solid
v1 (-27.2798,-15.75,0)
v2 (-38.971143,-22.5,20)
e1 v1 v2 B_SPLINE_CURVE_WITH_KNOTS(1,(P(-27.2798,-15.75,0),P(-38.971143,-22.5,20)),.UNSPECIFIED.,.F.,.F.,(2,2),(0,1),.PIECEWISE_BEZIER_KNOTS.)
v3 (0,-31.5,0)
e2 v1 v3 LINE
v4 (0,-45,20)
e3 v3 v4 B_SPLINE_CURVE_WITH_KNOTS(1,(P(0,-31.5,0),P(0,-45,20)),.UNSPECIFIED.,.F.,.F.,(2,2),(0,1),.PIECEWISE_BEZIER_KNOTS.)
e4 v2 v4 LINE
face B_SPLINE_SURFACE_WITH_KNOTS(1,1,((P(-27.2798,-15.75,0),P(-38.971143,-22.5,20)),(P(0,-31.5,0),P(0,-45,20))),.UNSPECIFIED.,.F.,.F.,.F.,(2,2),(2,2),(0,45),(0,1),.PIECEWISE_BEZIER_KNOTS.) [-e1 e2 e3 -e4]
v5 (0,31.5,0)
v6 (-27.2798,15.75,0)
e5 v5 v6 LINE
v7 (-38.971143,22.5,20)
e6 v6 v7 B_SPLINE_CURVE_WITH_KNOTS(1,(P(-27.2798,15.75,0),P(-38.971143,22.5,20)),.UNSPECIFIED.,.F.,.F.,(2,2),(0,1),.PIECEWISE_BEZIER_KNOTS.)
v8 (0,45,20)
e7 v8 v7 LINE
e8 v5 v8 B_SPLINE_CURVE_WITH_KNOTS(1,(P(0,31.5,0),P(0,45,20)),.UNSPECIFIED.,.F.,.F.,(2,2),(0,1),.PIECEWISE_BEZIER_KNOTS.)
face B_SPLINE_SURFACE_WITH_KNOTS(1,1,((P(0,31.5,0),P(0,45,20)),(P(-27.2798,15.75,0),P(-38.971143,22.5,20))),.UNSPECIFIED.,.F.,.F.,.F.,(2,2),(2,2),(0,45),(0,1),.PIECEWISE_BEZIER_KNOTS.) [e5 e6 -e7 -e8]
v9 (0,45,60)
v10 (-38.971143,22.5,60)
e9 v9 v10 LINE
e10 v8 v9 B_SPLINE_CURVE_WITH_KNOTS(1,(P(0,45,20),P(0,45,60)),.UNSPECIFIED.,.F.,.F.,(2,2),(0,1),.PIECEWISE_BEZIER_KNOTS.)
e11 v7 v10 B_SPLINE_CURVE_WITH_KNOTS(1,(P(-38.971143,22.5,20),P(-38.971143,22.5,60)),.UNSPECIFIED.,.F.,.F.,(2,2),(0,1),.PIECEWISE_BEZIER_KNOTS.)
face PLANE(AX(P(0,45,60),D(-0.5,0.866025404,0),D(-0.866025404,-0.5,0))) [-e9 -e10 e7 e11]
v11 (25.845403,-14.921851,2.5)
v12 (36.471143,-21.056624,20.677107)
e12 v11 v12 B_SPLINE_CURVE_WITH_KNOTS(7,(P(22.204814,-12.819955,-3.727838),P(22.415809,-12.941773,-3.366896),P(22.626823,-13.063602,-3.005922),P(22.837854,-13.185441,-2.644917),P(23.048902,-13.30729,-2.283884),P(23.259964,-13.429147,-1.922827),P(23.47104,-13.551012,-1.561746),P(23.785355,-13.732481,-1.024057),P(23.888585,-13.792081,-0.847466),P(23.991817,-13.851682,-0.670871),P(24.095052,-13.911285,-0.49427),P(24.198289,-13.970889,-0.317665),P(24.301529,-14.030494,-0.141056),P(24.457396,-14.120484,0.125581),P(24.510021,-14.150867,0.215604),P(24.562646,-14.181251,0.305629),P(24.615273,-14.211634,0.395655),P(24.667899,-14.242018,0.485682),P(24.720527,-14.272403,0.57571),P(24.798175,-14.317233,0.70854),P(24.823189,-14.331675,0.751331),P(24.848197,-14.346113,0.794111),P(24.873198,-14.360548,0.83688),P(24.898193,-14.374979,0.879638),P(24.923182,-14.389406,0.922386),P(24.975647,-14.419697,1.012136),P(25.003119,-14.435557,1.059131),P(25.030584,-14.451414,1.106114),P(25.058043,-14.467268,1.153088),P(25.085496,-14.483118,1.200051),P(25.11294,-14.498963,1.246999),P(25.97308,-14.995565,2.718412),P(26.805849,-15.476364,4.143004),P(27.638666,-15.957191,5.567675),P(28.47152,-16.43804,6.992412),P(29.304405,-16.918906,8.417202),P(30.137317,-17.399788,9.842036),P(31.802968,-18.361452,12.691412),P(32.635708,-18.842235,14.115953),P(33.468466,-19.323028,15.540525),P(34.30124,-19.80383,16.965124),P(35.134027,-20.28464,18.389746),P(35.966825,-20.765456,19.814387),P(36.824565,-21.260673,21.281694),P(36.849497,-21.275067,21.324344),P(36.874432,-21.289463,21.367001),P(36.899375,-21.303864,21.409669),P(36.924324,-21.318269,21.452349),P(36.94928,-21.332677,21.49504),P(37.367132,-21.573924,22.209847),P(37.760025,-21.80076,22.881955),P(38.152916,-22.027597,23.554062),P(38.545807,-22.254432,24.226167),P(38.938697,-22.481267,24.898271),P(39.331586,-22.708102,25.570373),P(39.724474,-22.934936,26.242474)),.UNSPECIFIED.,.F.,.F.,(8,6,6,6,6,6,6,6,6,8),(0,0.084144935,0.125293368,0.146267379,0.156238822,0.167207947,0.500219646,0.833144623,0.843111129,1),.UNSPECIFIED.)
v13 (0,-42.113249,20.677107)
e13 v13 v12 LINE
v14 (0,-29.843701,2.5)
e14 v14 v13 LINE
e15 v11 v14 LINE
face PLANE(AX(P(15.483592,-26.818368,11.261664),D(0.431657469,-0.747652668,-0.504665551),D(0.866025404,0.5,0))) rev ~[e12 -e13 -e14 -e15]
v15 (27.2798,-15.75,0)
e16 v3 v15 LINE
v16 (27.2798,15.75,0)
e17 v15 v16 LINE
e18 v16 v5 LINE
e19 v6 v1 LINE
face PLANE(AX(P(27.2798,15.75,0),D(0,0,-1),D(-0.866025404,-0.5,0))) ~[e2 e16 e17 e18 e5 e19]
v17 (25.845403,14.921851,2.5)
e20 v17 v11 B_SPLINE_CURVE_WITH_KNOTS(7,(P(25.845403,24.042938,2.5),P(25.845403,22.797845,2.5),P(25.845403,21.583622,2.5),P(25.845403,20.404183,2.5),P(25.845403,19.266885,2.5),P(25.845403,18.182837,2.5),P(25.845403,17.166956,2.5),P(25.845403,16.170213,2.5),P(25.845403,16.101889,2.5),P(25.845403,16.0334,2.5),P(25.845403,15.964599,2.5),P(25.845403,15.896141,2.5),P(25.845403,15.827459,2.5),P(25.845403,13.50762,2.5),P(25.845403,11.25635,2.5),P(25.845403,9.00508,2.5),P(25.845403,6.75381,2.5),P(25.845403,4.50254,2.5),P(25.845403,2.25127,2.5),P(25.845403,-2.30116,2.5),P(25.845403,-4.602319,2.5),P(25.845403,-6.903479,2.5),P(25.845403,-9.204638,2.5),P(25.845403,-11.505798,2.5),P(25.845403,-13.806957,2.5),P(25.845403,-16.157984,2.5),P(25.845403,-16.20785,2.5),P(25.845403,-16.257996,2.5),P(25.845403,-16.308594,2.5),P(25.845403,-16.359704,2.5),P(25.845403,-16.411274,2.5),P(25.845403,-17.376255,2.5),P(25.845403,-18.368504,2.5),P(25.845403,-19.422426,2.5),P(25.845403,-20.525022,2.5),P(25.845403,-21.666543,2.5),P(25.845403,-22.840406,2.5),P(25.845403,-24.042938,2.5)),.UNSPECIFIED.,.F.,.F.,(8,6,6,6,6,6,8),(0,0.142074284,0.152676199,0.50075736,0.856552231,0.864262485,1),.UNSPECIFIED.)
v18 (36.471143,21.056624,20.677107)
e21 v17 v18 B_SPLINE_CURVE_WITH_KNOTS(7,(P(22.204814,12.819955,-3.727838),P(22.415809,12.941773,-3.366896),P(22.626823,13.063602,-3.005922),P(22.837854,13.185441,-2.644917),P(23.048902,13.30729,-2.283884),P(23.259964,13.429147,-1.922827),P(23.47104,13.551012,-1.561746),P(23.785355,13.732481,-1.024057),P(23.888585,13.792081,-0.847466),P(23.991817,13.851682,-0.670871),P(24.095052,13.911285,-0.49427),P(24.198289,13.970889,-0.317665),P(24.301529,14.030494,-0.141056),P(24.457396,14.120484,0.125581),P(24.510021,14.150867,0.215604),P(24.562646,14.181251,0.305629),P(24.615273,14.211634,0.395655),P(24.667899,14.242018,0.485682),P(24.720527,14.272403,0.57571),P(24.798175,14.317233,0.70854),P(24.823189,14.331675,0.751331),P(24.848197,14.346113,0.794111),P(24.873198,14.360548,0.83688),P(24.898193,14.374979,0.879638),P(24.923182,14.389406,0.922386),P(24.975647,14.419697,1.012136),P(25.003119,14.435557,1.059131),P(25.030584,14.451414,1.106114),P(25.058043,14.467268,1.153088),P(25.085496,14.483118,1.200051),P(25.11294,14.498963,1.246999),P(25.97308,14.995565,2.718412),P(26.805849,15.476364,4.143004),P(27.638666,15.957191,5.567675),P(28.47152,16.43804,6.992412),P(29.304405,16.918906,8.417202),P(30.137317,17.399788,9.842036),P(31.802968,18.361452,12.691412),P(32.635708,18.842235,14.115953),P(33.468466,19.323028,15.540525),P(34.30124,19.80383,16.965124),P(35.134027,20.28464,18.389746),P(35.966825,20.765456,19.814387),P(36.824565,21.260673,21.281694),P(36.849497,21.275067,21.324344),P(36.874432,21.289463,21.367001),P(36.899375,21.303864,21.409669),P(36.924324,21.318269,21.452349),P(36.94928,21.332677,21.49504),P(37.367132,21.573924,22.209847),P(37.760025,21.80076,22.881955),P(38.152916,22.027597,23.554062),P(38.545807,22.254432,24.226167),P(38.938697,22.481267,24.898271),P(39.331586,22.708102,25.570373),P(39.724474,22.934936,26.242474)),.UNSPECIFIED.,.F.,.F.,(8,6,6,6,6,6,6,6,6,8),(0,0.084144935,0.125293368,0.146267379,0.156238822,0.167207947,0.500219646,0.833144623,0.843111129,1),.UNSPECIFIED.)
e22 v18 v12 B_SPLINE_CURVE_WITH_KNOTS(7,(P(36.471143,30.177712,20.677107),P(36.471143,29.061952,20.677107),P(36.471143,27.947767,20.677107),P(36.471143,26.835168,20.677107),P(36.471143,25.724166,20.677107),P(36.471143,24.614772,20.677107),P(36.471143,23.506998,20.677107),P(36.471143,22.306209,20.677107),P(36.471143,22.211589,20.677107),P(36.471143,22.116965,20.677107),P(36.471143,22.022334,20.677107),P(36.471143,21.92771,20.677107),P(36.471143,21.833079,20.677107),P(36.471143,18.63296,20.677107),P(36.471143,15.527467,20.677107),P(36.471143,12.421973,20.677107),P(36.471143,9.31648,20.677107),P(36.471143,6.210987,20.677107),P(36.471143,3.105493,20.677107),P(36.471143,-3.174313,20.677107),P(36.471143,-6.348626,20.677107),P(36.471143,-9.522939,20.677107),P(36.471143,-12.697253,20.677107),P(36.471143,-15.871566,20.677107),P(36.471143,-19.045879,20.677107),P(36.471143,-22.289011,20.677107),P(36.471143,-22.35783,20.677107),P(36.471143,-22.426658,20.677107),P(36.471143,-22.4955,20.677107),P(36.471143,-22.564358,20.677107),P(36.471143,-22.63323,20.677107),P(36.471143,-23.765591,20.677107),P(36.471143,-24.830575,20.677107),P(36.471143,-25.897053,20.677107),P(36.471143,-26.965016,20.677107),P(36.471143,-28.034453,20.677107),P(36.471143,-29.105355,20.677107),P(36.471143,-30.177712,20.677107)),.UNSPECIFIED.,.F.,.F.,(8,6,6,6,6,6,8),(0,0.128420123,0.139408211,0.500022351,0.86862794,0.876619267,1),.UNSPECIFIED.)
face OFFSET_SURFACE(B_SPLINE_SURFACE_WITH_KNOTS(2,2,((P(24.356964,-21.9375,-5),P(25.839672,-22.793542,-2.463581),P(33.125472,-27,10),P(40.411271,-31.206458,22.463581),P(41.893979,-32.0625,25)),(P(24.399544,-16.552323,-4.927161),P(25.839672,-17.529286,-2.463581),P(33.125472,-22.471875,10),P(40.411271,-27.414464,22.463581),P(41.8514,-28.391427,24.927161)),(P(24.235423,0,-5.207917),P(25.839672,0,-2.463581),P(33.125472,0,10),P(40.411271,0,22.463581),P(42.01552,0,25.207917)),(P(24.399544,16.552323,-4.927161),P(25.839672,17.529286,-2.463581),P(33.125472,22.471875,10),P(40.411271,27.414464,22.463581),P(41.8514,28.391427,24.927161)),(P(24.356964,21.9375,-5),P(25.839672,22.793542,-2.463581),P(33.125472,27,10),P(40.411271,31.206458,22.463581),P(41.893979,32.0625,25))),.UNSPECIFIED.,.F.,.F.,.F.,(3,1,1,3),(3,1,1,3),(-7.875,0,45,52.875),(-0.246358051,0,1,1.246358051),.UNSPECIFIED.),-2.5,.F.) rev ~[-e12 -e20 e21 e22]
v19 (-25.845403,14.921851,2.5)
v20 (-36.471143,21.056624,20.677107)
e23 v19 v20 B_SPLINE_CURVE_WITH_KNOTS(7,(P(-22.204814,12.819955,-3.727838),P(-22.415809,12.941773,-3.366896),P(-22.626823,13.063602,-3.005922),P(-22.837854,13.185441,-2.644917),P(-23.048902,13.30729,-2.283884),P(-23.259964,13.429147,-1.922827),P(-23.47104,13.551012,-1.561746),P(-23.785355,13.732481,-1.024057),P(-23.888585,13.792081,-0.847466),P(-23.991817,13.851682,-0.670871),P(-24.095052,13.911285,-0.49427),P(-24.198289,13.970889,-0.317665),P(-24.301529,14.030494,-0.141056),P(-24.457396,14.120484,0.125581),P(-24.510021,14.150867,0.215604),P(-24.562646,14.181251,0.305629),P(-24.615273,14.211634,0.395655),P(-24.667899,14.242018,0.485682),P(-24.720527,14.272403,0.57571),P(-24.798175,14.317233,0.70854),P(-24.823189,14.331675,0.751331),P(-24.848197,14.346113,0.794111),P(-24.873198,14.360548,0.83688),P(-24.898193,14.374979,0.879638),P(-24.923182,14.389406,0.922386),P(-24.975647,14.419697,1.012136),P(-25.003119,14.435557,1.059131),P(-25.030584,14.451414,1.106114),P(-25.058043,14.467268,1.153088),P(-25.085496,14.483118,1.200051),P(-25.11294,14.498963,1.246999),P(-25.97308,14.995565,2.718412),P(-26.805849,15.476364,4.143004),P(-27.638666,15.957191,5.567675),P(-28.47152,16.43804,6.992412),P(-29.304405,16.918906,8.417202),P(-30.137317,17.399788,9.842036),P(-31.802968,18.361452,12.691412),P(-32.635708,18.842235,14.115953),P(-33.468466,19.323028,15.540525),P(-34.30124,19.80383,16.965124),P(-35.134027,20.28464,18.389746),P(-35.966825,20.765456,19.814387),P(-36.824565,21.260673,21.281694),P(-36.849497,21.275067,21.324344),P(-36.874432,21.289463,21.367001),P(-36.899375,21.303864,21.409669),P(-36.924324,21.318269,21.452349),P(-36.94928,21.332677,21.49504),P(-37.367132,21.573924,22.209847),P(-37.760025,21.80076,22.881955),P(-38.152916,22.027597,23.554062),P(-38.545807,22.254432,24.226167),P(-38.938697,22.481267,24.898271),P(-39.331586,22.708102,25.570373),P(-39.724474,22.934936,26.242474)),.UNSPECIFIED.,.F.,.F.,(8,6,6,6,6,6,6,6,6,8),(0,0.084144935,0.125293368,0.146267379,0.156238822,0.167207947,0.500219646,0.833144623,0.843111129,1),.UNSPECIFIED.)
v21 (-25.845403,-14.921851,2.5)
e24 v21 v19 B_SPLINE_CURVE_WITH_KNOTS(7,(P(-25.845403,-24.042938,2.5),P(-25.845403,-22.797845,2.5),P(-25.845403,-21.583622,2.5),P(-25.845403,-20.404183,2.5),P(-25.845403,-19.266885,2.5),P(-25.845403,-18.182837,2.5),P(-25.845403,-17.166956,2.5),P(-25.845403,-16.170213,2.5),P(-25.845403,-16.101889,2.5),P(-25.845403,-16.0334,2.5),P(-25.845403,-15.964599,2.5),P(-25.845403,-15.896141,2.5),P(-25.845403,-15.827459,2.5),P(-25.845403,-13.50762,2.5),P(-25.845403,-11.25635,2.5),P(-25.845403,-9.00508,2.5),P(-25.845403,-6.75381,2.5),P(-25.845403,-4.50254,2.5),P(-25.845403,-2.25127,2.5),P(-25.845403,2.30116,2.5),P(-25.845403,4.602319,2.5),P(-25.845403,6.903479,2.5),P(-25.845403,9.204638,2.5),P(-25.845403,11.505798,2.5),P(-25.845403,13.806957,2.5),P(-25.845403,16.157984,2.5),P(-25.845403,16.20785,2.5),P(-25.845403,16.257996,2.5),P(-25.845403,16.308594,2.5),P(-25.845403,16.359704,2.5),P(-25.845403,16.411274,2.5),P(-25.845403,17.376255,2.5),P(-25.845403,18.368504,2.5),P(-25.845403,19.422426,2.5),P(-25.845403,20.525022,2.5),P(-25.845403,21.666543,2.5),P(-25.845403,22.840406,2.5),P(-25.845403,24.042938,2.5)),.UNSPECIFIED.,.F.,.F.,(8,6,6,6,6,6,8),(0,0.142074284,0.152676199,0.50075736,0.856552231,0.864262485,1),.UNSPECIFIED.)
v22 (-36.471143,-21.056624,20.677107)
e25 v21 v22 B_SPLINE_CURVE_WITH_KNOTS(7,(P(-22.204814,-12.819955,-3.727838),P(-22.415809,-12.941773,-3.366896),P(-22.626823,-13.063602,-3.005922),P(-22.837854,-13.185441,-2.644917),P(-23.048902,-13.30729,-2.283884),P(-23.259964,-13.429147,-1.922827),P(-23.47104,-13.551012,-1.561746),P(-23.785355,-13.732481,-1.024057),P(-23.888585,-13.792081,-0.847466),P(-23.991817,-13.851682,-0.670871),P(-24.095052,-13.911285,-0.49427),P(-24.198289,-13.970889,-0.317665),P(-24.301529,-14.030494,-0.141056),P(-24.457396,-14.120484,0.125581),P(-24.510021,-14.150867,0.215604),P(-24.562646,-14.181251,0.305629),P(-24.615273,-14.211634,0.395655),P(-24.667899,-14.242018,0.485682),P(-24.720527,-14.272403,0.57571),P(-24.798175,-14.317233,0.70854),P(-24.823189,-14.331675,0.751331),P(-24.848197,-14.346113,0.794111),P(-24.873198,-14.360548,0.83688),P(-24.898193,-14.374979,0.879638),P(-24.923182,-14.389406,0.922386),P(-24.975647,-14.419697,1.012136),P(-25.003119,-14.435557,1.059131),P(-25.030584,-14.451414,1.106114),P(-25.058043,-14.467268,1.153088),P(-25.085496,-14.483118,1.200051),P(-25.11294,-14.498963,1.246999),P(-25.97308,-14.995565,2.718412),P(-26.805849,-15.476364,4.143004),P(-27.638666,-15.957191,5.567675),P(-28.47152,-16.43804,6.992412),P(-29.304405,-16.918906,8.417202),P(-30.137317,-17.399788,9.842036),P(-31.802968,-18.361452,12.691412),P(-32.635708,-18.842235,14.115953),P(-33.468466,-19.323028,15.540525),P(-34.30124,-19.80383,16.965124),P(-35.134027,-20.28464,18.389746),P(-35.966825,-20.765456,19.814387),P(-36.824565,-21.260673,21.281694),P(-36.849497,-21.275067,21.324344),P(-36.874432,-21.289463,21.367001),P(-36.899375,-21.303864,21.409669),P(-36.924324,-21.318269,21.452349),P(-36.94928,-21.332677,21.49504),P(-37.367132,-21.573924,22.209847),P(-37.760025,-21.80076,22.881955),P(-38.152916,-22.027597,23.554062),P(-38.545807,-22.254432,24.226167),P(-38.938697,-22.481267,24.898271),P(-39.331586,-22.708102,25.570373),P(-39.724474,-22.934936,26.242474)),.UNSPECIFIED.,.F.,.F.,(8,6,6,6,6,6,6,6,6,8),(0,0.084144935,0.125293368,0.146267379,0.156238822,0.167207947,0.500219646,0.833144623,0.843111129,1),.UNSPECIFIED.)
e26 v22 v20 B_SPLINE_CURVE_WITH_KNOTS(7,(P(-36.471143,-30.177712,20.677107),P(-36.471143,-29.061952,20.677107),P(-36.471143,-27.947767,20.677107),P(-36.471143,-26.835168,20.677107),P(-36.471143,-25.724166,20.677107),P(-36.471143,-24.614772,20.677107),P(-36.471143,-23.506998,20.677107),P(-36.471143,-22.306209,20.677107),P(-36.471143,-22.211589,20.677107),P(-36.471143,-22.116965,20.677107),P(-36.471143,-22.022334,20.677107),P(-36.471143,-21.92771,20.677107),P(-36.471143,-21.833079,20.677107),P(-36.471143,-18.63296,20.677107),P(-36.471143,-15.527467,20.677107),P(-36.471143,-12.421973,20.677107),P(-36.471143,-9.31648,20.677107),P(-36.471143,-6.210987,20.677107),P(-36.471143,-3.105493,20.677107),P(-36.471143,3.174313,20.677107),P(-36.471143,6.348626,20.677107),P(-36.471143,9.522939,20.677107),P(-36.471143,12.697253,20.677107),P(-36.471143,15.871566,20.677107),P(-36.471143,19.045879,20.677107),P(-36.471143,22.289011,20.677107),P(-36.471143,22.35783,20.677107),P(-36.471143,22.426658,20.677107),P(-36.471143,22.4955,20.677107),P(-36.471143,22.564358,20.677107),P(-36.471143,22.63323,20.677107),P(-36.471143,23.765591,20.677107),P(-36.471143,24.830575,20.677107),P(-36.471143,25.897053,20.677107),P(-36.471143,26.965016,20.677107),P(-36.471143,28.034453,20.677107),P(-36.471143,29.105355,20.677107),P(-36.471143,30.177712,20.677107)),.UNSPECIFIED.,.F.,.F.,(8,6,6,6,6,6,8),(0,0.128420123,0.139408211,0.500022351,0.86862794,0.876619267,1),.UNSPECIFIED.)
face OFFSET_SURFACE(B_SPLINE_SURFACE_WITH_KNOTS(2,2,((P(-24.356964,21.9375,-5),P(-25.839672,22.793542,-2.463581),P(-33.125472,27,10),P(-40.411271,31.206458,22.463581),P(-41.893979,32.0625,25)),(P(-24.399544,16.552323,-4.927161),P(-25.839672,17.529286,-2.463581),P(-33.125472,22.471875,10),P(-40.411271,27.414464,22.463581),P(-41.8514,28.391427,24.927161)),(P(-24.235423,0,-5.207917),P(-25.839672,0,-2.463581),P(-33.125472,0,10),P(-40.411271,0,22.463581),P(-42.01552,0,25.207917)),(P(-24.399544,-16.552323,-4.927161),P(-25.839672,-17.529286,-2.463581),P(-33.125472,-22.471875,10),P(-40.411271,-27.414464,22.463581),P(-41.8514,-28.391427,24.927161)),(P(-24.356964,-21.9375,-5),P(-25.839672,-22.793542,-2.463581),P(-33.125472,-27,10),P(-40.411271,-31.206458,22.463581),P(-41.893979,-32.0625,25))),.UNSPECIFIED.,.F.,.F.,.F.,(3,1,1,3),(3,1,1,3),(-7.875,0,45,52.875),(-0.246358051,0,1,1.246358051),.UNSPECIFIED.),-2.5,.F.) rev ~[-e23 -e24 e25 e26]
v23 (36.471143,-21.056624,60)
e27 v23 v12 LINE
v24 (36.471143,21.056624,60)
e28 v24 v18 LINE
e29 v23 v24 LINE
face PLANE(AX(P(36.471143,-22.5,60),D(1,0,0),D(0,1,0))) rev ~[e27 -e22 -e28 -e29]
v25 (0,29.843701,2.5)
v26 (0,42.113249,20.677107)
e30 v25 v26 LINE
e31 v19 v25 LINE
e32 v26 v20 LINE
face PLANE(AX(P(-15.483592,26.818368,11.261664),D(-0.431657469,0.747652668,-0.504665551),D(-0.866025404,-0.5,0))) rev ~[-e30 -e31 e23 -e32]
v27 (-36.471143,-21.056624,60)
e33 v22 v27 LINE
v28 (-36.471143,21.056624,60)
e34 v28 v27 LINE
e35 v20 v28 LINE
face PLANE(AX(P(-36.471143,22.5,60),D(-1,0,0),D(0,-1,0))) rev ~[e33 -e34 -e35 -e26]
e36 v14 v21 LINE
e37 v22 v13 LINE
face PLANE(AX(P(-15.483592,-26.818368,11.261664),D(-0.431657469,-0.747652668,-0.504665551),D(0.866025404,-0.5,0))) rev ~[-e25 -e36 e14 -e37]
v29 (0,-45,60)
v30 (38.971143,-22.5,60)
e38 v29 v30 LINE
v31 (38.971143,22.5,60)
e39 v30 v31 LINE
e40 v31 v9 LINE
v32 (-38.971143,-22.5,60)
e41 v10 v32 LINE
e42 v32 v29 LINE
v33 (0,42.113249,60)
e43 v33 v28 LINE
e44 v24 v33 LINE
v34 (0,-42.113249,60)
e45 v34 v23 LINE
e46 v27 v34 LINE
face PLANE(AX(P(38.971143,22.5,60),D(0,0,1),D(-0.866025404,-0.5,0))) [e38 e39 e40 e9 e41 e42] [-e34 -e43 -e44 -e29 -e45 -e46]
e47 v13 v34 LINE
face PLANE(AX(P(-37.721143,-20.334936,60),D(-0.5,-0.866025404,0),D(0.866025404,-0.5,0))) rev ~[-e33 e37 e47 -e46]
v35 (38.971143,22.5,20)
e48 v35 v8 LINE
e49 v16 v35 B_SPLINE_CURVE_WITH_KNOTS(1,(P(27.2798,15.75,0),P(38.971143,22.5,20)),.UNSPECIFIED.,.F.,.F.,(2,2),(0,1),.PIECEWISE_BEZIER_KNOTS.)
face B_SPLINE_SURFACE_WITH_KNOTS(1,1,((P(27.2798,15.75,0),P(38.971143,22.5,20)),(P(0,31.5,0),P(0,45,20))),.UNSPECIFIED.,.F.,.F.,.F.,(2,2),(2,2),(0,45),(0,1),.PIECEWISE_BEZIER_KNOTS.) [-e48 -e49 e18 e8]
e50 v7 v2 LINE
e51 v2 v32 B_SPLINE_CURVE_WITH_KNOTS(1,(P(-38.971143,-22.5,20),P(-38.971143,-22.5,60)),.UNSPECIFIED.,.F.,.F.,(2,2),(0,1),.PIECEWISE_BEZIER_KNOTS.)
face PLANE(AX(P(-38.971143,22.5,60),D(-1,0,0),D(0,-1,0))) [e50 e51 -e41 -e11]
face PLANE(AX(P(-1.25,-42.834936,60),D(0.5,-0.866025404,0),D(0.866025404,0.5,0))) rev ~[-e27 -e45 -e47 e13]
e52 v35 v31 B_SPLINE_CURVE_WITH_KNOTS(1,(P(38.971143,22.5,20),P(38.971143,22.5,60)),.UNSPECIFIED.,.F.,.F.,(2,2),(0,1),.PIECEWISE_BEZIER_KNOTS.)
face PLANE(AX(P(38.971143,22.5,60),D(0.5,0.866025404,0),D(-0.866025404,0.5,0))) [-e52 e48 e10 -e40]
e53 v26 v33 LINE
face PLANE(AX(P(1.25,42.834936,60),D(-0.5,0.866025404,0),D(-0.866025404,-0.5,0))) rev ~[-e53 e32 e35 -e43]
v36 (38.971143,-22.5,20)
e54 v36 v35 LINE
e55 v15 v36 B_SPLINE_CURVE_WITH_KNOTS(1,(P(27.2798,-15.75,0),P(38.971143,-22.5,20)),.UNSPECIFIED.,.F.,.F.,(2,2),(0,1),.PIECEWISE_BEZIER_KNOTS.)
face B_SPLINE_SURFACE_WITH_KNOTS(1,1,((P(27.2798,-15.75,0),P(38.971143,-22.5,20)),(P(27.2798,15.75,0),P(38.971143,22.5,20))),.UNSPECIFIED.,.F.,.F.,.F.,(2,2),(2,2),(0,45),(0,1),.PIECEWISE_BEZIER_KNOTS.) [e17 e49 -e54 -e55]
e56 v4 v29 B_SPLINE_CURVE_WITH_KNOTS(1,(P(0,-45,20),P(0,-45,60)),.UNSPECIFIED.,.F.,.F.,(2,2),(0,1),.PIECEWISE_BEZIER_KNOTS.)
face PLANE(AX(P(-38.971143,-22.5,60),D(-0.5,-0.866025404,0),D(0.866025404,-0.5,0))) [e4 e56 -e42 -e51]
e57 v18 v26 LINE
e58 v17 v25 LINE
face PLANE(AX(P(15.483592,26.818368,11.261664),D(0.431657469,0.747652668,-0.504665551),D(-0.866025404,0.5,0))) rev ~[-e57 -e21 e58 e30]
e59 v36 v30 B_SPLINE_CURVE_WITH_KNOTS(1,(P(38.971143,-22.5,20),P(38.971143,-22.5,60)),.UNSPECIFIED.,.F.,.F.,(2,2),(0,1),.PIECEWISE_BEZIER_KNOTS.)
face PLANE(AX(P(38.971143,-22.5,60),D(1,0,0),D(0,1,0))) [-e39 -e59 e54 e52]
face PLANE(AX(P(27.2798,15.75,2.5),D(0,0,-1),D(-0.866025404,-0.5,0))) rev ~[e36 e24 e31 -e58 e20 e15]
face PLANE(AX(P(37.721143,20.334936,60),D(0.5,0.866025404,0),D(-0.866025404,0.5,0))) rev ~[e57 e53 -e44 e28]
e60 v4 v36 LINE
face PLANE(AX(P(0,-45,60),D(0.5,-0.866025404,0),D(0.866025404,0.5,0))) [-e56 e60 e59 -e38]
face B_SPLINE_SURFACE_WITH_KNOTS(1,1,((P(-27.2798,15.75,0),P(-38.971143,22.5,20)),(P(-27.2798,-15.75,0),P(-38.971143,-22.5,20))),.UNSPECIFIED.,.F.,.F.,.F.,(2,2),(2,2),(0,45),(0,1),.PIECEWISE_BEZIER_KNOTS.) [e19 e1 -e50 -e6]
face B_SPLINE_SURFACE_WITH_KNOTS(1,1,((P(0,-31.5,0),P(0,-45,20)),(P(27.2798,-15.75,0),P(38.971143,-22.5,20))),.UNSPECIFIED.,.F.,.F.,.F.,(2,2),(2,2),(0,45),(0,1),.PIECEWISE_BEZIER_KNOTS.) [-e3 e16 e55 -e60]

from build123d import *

# Parameters (mm, degrees)
F9_T = -2.5


with BuildPart() as f4:
    # F0 (on Top) → F4 section 0
    with BuildSketch(Plane.XY):
        Polygon((27.2798002192, 15.75), (0, 31.5), (-27.2798002192, 15.75), (-27.2798002192, -15.75), (0, -31.5), (27.2798002192, -15.75), align=None)
    # F2 (on offset) → F4 section 1
    with BuildSketch(Plane.XY.offset(20)):
        Polygon((-38.9711431703, -22.5), (0, -45), (38.9711431703, -22.5), (38.9711431703, 22.5), (0, 45), (-38.9711431703, 22.5), align=None)
    loft()


with BuildPart() as f5_1:
    # F5: copy of F4
    add(f4.part.moved(Location((0, 133, 0))))


with BuildPart() as f4_1:
    add(f4.part)

    # F4_face (on face) → F8 section 0
    with BuildSketch(Plane.XY.offset(20)):
        Polygon((38.9711431703, 22.5), (0, 45), (-38.9711431703, 22.5), (-38.9711431703, -22.5), (0, -45), (38.9711431703, -22.5), align=None)
    # F6 (on offset) → F8 section 1
    with BuildSketch(Plane.XY.offset(60)):
        Polygon((-38.9711431703, -22.5), (0, -45), (38.9711431703, -22.5), (38.9711431703, 22.5), (0, 45), (-38.9711431703, 22.5), align=None)
    loft()

    # F9
    f9_openings = [f4_1.faces().sort_by_distance(p)[0] for p in [
        (0, 0, 60),
    ]]
    offset(amount=F9_T, openings=f9_openings, kind=Kind.INTERSECTION)


solid = f4_1.part
